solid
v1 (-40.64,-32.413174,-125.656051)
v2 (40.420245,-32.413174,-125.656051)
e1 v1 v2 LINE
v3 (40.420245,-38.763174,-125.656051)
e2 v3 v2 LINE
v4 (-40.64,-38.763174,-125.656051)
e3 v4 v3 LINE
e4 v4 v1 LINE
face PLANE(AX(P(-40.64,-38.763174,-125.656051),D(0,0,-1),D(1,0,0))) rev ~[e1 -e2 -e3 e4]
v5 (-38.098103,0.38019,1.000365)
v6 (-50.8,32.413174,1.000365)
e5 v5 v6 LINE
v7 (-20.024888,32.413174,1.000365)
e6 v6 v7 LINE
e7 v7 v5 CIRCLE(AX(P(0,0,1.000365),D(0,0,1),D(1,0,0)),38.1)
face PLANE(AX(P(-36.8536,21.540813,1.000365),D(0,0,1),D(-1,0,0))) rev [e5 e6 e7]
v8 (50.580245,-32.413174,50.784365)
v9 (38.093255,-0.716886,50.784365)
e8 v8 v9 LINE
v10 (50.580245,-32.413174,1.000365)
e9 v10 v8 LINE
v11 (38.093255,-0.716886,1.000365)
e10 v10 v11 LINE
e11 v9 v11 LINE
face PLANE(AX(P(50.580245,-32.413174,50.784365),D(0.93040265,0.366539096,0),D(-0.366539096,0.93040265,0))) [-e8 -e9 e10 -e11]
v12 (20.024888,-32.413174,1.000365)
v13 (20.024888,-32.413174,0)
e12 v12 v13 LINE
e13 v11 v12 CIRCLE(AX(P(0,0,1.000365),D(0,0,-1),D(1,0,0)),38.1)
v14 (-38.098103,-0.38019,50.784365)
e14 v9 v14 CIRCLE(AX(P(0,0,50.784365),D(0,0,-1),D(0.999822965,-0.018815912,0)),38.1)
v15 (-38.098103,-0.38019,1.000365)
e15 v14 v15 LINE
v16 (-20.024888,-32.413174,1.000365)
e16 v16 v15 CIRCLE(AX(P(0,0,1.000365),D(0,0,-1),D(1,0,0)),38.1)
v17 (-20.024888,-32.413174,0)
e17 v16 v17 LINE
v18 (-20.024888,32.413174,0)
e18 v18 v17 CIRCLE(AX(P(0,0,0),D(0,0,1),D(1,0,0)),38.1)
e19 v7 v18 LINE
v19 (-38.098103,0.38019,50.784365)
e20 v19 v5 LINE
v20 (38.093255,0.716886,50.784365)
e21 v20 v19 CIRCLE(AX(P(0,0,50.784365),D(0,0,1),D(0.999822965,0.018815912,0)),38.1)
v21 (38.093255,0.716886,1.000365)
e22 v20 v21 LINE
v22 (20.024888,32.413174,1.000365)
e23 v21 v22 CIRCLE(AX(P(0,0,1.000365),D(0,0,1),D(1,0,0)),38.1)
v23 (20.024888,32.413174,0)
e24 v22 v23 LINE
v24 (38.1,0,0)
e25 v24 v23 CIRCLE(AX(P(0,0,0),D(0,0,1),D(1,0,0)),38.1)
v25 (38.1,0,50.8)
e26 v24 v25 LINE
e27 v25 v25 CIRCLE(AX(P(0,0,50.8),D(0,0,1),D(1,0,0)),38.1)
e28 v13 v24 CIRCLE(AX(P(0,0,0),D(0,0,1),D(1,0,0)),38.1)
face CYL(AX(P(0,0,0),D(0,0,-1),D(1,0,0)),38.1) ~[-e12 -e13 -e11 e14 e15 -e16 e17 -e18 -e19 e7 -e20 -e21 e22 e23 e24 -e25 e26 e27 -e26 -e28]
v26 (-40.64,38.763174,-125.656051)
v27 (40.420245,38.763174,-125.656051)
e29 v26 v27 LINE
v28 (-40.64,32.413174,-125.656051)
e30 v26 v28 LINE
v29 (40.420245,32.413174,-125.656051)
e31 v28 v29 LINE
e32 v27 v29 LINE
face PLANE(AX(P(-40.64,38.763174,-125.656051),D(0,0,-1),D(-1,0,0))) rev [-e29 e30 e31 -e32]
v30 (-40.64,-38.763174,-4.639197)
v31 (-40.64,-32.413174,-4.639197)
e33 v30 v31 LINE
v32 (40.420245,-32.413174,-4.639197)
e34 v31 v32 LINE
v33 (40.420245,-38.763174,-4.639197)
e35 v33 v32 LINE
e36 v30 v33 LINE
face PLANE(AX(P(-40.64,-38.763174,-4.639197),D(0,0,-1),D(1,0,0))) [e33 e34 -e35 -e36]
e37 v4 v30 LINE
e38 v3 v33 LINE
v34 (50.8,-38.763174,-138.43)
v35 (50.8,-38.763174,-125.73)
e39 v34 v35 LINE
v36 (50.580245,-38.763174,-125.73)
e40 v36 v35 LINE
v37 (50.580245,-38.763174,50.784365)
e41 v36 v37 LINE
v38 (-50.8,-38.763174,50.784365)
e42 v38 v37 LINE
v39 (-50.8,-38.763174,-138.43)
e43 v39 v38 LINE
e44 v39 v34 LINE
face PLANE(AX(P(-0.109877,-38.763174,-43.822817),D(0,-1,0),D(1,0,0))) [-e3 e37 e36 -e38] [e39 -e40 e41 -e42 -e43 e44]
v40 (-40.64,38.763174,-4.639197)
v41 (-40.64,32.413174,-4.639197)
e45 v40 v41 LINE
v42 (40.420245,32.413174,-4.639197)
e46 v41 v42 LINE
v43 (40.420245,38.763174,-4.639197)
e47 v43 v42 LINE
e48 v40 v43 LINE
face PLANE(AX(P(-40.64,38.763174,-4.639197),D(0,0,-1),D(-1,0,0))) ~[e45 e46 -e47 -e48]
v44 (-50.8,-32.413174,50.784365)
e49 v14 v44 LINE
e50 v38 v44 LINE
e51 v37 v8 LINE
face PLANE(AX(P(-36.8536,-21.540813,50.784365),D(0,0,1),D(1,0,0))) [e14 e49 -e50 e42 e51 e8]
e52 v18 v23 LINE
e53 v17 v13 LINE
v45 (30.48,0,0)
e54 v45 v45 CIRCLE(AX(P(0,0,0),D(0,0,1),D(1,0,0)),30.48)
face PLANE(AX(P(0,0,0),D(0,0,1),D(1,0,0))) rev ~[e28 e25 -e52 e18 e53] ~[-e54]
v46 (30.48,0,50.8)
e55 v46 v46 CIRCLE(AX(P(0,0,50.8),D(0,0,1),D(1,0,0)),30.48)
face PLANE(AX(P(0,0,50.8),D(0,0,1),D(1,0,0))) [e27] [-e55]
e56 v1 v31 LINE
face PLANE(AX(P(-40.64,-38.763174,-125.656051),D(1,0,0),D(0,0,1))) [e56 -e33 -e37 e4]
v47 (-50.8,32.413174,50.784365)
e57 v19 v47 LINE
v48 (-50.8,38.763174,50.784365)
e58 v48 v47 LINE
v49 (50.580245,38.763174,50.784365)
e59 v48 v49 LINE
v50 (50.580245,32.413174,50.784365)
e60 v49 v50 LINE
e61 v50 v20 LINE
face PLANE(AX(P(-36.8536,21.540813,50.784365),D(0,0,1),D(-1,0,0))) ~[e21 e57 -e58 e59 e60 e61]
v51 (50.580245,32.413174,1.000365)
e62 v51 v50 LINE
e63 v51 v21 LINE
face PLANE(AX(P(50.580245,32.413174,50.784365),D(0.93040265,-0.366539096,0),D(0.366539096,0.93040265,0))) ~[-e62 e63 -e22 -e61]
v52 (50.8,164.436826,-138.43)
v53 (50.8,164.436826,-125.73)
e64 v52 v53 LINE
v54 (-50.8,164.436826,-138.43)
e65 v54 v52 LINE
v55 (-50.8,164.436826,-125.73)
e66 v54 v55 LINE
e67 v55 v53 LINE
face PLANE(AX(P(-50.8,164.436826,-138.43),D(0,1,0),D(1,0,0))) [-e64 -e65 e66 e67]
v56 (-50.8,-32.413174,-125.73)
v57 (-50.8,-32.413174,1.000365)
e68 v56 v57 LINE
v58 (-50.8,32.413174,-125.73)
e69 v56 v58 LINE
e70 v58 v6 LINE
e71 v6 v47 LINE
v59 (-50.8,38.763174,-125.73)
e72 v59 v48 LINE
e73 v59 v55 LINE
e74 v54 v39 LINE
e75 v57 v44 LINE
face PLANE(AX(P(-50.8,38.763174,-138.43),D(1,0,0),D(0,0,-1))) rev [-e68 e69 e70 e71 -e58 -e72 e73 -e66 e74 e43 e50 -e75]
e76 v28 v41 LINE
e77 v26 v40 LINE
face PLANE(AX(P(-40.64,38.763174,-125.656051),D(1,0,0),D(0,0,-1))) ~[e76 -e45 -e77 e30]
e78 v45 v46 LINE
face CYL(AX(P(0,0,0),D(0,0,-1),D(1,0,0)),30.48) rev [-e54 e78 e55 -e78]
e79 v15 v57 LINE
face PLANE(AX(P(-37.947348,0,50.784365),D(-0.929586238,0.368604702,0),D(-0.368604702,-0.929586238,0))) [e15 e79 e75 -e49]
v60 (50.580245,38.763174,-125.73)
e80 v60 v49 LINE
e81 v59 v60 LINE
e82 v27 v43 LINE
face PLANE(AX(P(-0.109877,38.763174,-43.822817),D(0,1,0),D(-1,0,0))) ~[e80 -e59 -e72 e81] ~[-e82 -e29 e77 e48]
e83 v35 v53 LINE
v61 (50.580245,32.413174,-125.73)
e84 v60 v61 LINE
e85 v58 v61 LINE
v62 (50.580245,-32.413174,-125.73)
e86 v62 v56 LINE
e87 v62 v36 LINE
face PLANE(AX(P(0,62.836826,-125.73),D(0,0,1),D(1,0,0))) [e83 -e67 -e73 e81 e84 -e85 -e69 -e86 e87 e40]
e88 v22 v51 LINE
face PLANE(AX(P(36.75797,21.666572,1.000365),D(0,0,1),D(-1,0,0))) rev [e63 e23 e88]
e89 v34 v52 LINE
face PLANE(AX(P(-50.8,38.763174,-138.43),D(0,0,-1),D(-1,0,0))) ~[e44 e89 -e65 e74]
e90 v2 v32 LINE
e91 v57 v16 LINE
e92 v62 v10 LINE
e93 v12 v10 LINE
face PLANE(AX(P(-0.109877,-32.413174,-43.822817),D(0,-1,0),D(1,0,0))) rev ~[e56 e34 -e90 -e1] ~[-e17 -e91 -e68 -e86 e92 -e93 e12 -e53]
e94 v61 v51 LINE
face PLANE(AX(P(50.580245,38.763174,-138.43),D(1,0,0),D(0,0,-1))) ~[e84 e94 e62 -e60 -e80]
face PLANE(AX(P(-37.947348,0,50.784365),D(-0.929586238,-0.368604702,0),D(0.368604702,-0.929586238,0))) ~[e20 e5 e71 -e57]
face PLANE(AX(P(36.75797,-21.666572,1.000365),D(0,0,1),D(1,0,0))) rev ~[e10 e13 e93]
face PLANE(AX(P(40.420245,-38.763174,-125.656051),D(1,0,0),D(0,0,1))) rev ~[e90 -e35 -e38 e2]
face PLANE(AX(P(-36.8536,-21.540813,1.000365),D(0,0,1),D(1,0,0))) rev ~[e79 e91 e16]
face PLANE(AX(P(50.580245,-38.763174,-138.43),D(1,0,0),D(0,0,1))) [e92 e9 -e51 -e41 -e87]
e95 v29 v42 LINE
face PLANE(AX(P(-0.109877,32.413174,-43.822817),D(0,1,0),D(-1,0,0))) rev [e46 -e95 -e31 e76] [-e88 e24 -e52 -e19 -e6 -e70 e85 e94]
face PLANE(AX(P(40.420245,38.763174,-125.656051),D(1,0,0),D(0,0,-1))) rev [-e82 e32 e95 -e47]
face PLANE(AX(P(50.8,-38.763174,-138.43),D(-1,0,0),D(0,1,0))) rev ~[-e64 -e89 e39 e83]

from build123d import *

# Parameters (mm, degrees)
F0_R      = 38.1
F0_R_2    = 30.48
F1_DEPTH  = 50.8
F3_W      = 101.6
F3_H      = 203.2
F4_DEPTH  = 12.7
F5_W      = 101.3802451253
F5_H      = 189.2143650602
F6_DEPTH  = 6.35
F8_DEPTH  = 49.784
F9_W      = 81.0602451253
F9_H      = 121.0168540975
F10_DEPTH = 25.4


with BuildPart() as f1:
    # F0 (on Top) → F1 (new body)
    with BuildSketch(Plane.XY):
        Circle(F0_R)
        Circle(F0_R_2, mode=Mode.SUBTRACT)
    extrude(amount=F1_DEPTH)



with BuildPart() as f4:
    # F3 (on offset) → F4 (new body)
    with BuildSketch(Plane.XY.offset(-138.43)):
        with Locations((0, 62.8368258476)):
            Rectangle(F3_W, F3_H)
    extrude(amount=F4_DEPTH)


with BuildPart() as f6:
    # F5 (on face) → F6 (new body)
    with BuildSketch(Plane.XZ.offset(38.7631741524)):
        with Locations((-0.1098774374, -43.8228174699)):
            Rectangle(F5_W, F5_H)
    extrude(amount=-F6_DEPTH)


with BuildPart() as f1_1:
    add(f1.part)

    add(f6.part)  # F8 merges F6
    # F7 (on face) → F8 (join)
    with BuildSketch(Plane.XY.offset(50.7843650602)):
        with BuildLine():
            Line((-37.9473480204, 0), (-50.8, -32.4131741524))
            Line((-50.8, -32.4131741524), (-19.7329005255, -32.4131741524))
            ThreePointArc((-19.7329005255, -32.4131741524), (-33.081811207, -18.5901852881), (-37.9473480204, 0))
        make_face()
        with BuildLine():
            Line((19.7329005255, -32.4131741524), (50.5802451253, -32.4131741524))
            Line((50.5802451253, -32.4131741524), (37.945801456, -0.3425983667))
            ThreePointArc((37.945801456, -0.3425983667), (32.997554809, -18.7393329232), (19.7329005255, -32.4131741524))
        make_face()
    extrude(amount=-F8_DEPTH)

    # F9 (on face) → F10 (cut)
    with BuildSketch(Plane.XZ.offset(38.7631741524)):
        with Locations((-0.1098774374, -65.1476242347)):
            Rectangle(F9_W, F9_H)
    extrude(amount=-F10_DEPTH, mode=Mode.SUBTRACT)



with BuildPart() as f1_2:
    add(f1_1.part)

    add(f4.part)  # F11 merges F4
    # F11: F1 across plane
    add(f1_1.part.mirror(Plane.XZ))


solid = f1_2.part
